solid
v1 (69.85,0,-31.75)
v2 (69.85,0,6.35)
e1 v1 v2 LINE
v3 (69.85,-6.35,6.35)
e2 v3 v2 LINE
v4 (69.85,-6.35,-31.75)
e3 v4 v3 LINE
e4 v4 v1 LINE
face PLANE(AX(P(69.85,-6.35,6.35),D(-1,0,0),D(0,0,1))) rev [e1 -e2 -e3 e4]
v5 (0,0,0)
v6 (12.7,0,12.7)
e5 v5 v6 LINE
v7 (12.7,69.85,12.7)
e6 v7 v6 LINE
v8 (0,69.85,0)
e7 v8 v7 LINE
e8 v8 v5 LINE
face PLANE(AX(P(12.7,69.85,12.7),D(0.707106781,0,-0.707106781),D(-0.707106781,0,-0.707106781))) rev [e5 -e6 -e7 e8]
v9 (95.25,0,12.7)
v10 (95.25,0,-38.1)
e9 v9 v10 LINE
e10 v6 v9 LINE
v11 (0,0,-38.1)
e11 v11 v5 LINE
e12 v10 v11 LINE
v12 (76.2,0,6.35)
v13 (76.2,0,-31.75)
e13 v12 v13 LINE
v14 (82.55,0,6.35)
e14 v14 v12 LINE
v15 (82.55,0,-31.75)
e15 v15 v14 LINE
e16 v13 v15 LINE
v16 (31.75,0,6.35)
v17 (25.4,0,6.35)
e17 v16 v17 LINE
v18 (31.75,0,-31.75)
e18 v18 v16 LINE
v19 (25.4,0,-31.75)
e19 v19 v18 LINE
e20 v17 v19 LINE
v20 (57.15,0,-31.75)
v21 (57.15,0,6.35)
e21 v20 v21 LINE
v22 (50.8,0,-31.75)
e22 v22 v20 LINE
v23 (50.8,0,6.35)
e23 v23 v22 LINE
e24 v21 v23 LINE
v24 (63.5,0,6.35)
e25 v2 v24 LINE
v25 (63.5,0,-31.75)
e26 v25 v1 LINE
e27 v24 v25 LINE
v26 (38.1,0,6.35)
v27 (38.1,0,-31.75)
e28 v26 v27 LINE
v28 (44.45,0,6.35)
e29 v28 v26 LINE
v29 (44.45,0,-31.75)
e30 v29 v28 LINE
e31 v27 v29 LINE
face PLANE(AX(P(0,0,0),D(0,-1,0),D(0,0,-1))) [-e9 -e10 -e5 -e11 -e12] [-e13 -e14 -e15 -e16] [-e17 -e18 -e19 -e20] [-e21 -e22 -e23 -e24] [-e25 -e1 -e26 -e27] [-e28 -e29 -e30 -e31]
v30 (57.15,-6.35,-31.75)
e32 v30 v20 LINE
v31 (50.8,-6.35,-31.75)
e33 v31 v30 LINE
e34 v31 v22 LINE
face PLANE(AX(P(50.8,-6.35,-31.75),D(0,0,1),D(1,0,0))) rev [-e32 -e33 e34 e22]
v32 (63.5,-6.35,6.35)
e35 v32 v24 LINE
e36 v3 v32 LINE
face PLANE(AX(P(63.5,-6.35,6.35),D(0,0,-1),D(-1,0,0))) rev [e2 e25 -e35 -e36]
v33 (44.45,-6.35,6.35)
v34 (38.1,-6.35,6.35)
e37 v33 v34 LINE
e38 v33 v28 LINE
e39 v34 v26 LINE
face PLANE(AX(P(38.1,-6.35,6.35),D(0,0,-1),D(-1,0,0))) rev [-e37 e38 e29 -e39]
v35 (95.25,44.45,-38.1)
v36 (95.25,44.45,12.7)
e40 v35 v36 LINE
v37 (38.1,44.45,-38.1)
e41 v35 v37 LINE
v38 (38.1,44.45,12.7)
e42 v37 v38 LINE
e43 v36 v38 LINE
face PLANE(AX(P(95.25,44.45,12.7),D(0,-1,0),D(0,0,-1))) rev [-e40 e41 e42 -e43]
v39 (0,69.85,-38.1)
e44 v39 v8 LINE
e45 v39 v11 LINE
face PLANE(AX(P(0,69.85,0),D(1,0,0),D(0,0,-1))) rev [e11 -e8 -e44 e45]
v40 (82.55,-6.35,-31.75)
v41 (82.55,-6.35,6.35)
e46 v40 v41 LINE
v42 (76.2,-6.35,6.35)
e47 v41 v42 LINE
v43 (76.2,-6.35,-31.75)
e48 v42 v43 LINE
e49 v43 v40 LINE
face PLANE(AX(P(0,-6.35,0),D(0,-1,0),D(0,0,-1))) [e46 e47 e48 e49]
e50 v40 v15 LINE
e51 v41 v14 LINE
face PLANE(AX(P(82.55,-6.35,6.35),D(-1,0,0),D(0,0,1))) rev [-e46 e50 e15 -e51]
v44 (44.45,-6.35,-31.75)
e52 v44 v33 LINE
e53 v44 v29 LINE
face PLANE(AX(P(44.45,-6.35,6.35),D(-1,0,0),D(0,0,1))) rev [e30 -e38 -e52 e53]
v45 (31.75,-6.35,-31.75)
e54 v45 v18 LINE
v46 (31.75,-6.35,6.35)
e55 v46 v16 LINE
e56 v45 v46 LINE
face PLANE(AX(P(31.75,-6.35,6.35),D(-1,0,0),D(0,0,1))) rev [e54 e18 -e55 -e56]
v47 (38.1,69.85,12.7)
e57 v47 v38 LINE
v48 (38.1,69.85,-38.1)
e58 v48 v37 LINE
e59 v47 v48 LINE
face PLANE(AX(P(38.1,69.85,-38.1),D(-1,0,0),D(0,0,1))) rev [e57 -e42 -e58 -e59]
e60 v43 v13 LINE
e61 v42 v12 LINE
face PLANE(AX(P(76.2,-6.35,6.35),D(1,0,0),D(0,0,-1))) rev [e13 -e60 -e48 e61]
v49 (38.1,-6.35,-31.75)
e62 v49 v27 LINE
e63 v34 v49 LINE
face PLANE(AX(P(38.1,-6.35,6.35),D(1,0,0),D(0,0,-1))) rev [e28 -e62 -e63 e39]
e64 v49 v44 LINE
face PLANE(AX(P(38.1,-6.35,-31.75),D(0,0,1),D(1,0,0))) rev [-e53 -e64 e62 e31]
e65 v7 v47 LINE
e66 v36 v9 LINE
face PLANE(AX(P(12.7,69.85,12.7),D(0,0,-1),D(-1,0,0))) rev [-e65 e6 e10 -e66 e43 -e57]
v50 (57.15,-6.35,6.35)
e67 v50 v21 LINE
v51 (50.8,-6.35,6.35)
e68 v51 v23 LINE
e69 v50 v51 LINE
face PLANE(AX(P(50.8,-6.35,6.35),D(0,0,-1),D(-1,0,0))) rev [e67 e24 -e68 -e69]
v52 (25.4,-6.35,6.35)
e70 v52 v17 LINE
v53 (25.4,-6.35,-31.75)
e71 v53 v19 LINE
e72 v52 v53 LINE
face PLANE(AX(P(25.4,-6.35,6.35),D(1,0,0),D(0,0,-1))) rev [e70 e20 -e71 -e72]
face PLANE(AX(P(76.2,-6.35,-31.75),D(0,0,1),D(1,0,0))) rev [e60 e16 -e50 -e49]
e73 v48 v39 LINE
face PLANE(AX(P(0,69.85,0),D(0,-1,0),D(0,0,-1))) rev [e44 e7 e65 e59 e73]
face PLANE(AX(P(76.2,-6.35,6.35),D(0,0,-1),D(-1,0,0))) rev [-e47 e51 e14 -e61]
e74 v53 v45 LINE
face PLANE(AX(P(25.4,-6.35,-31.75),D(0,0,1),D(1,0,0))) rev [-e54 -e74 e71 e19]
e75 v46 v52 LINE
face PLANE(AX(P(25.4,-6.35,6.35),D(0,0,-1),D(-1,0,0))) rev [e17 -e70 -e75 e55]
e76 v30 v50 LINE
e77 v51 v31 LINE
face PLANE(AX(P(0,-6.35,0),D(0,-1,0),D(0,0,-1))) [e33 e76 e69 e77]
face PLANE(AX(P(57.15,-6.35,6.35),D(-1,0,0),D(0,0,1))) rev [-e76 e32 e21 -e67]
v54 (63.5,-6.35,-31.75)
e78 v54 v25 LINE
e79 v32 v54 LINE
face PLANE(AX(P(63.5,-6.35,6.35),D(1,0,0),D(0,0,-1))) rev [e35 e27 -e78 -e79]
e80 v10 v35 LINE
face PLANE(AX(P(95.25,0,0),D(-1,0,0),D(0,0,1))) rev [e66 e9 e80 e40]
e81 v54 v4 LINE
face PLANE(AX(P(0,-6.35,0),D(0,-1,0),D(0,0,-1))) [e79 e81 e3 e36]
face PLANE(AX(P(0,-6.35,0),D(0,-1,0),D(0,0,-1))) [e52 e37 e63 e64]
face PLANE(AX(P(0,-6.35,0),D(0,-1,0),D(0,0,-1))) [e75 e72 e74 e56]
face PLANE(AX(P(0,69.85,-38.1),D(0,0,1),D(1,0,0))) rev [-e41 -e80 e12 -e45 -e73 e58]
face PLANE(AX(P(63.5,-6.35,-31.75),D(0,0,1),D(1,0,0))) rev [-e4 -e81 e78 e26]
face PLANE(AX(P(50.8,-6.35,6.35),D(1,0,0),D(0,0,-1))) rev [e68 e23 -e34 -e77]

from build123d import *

# Parameters (mm, degrees)
BOSS_EXTRUDE1_DEPTH = 69.85
SKETCH2_W           = 50.8
SKETCH2_H           = 44.45
BOSS_EXTRUDE2_DEPTH = 57.15
SKETCH3_W           = 6.35
SKETCH3_H           = 38.1
BOSS_EXTRUDE3_DEPTH = 6.35


with BuildPart() as part:
    # Sketch1 → Boss-Extrude1 (new body)
    with BuildSketch(Plane(origin=(0, 0, 0), x_dir=(1, 0, 0), z_dir=(0, 1, 0))):
        Polygon((0, 0), (0, 38.1), (38.1, 38.1), (38.1, -12.7), (12.7, -12.7), align=None)
    extrude(amount=BOSS_EXTRUDE1_DEPTH)

    # Sketch2 → Boss-Extrude2 (add)
    with BuildSketch(Plane(origin=(38.1, 0, 0), x_dir=(0, 0, -1), z_dir=(1, 0, 0))):
        with Locations((12.7, 22.225)):
            Rectangle(SKETCH2_W, SKETCH2_H)
    extrude(amount=BOSS_EXTRUDE2_DEPTH)

    # Sketch3 → Boss-Extrude3 (add)
    with BuildSketch(Plane(origin=(0, 0, 0), x_dir=(-1, 0, 0), z_dir=(0, -1, 0))):
        with Locations((-53.975, 12.7)):
            Rectangle(SKETCH3_W, SKETCH3_H)
        with Locations((-28.575, 12.7)):
            Rectangle(SKETCH3_W, SKETCH3_H)
        with Locations((-41.275, 12.7)):
            Rectangle(SKETCH3_W, SKETCH3_H)
        with Locations((-66.675, 12.7)):
            Rectangle(SKETCH3_W, SKETCH3_H)
        with Locations((-79.375, 12.7)):
            Rectangle(SKETCH3_W, SKETCH3_H)
    extrude(amount=BOSS_EXTRUDE3_DEPTH)


solid = part.part
